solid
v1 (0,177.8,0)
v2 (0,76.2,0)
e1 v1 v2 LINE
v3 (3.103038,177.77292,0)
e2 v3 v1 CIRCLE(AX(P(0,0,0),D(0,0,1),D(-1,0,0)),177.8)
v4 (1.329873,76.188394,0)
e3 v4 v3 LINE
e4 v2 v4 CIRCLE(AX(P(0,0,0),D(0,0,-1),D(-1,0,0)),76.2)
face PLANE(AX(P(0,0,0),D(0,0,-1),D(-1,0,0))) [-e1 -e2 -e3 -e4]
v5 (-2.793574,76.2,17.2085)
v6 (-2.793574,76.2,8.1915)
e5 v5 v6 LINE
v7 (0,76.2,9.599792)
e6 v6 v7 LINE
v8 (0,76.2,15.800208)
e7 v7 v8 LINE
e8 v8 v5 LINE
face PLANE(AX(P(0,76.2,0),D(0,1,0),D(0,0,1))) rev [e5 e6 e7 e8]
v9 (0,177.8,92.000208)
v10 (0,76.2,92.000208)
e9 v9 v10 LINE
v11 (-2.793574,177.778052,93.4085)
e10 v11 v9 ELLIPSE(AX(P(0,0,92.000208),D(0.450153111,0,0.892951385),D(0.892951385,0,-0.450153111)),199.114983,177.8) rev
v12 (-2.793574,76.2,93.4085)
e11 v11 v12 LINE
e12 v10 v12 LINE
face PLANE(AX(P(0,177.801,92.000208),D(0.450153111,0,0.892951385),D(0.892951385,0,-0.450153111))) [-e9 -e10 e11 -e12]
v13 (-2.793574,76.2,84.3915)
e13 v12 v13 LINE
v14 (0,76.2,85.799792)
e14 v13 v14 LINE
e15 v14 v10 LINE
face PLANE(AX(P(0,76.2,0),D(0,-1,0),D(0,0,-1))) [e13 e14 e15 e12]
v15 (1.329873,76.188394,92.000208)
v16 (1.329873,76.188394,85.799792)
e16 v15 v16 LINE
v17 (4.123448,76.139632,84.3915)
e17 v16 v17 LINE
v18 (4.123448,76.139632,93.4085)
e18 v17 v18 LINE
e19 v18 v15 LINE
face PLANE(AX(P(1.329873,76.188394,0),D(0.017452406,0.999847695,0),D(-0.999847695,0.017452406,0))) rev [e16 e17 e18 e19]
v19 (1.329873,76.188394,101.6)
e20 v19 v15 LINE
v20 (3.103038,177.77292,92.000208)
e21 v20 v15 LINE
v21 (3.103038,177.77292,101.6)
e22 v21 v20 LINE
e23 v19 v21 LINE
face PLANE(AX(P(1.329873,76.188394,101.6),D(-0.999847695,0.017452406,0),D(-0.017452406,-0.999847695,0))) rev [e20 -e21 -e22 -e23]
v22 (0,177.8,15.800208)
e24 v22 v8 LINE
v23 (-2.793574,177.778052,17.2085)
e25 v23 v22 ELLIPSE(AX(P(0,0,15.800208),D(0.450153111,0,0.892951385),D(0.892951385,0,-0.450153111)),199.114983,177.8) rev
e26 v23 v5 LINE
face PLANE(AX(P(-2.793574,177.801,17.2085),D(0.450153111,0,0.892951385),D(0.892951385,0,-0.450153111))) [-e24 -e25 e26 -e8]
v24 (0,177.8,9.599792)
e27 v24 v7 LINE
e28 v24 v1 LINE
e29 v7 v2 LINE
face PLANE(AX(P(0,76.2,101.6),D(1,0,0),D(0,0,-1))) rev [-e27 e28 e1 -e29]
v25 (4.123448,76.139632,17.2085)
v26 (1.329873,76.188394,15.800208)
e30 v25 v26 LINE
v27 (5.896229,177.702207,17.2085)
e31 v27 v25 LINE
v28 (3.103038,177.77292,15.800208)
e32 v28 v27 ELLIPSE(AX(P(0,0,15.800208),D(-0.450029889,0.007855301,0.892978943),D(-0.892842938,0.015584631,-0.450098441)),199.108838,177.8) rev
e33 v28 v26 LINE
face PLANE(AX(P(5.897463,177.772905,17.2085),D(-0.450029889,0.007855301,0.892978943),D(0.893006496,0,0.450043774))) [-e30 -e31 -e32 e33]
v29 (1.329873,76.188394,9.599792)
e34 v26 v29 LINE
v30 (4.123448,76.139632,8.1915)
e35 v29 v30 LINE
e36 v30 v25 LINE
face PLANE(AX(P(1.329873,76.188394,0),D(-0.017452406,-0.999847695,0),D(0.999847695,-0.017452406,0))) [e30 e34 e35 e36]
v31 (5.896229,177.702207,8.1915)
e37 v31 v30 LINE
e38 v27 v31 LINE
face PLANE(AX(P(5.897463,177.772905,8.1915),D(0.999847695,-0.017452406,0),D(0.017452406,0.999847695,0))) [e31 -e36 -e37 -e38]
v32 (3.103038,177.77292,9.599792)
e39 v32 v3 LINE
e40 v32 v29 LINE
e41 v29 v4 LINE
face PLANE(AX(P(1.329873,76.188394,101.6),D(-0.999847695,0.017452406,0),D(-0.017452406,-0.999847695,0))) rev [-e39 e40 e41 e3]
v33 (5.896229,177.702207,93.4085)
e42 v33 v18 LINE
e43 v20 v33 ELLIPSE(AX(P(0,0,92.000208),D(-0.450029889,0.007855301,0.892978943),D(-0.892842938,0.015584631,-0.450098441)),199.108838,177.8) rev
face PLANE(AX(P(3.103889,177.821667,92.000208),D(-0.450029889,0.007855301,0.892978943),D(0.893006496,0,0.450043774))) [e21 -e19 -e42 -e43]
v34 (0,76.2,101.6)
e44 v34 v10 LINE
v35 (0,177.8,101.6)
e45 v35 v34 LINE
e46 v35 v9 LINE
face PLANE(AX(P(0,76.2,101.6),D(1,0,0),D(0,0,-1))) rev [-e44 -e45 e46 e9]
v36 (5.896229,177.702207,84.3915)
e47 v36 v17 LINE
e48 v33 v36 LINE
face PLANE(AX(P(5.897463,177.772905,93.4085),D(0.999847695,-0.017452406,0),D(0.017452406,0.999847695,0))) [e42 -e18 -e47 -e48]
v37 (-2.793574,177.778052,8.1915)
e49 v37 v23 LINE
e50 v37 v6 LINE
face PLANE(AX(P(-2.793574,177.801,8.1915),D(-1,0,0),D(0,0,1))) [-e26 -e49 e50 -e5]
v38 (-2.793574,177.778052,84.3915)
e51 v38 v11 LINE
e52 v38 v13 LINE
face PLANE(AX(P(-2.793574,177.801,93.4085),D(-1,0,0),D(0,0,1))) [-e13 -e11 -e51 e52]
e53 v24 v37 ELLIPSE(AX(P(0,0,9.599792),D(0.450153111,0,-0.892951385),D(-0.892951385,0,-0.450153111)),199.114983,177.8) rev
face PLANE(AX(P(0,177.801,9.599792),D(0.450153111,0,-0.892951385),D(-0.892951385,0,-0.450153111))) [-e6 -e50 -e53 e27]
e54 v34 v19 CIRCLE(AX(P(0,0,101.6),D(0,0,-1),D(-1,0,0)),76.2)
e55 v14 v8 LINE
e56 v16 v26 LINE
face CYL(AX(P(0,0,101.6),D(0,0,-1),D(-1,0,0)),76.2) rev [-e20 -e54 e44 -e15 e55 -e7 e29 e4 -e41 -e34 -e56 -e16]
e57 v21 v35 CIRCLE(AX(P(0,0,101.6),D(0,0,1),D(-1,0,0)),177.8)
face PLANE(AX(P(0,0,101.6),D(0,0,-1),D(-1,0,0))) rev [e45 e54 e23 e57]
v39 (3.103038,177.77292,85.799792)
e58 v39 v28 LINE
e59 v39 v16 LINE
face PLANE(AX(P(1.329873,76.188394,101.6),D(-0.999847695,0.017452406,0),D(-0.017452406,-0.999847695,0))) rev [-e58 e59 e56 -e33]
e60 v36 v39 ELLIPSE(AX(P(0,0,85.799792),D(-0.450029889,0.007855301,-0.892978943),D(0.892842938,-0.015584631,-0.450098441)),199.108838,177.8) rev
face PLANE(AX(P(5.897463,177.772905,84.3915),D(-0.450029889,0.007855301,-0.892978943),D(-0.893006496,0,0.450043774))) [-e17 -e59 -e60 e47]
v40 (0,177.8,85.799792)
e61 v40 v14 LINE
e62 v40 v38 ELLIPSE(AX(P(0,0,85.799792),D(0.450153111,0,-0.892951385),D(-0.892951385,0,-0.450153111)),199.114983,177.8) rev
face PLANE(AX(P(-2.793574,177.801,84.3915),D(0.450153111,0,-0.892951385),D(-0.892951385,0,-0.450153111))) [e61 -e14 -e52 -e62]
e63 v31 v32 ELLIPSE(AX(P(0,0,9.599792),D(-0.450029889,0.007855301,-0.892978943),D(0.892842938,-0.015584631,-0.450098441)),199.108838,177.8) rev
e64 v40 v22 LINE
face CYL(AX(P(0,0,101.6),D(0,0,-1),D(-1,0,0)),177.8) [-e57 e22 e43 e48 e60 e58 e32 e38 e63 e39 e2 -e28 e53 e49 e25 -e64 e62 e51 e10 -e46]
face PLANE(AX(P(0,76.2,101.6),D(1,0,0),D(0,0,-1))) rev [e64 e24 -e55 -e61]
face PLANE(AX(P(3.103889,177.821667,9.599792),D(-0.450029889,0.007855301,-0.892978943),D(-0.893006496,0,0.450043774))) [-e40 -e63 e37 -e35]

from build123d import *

# Parameters (mm, degrees)
BOSS_EXTRUDE1_DEPTH      = 101.6
BOSS_EXTRUDE2_REACH      = 145.703
BOSS_EXTRUDE2_END_RADIUS = 177.8
BOSS_EXTRUDE3_REACH      = 145.805
BOSS_EXTRUDE3_END_RADIUS = 177.8


with BuildPart() as part:
    # Sketch1 → Boss-Extrude1 (new body)
    with BuildSketch(Plane.XY):
        with BuildLine():
            Line((0, 76.2), (0, 177.8))
            ThreePointArc((0, 177.8), (1.551578012, 177.793229921), (3.103037865, 177.772920199))
            Line((3.103037865, 177.772920199), (1.329873371, 76.188394371))
            ThreePointArc((1.329873371, 76.188394371), (0.664962005, 76.197098537), (0, 76.2))
        make_face()
    extrude(amount=BOSS_EXTRUDE1_DEPTH)

    # Boss-Extrude2: up to this cylinder (the profile starts inside it)
    boss_extrude2_end = Plane(origin=(0, 0, 50.8), z_dir=(0, 0, -1)) * Cylinder(BOSS_EXTRUDE2_END_RADIUS, 724.206, mode=Mode.PRIVATE)
    # Sketch2 → Boss-Extrude2 (add, up to the surface)
    with BuildSketch(Plane(origin=(1.329873371, 76.188394371, 0), x_dir=(0, 0, -1), z_dir=(-0.01745240643728355, -0.9998476951563914, 0)), mode=Mode.PRIVATE) as boss_extrude2_sk1:
        Polygon((-92.000208065, 0), (-93.4085, 2.794), (-84.3915, 2.794), (-85.799791935, 0), align=None)
    boss_extrude2_tool1 = extrude(boss_extrude2_sk1.sketch, amount=-BOSS_EXTRUDE2_REACH, mode=Mode.PRIVATE) & boss_extrude2_end
    add(boss_extrude2_tool1.solids().sort_by_distance((2.812837, 76.162509, 88.9))[0])
    # Sketch2 → Boss-Extrude2 (add, up to the surface)
    with BuildSketch(Plane(origin=(1.329873371, 76.188394371, 0), x_dir=(0, 0, -1), z_dir=(-0.01745240643728355, -0.9998476951563914, 0)), mode=Mode.PRIVATE) as boss_extrude2_sk2:
        Polygon((-15.800208065, 0), (-9.599791935, 0), (-8.1915, 2.794), (-17.2085, 2.794), align=None)
    boss_extrude2_tool2 = extrude(boss_extrude2_sk2.sketch, amount=-BOSS_EXTRUDE2_REACH, mode=Mode.PRIVATE) & boss_extrude2_end
    add(boss_extrude2_tool2.solids().sort_by_distance((2.812837, 76.162509, 12.7))[0])

    # Boss-Extrude3: up to this cylinder (the profile starts inside it)
    boss_extrude3_end = Plane(origin=(0, 0, 50.8), z_dir=(0, 0, -1)) * Cylinder(BOSS_EXTRUDE3_END_RADIUS, 724.41, mode=Mode.PRIVATE)
    # Sketch3 → Boss-Extrude3 (add, up to the surface)
    with BuildSketch(Plane(origin=(0, 76.2, 0), x_dir=(0, 0, -1), z_dir=(0, -1, 0)), mode=Mode.PRIVATE) as boss_extrude3_sk1:
        Polygon((-92.000208065, 0), (-93.4085, -2.79357446), (-84.3915, -2.79357446), (-85.799791935, 0), align=None)
    boss_extrude3_tool1 = extrude(boss_extrude3_sk1.sketch, amount=-BOSS_EXTRUDE3_REACH, mode=Mode.PRIVATE) & boss_extrude3_end
    add(boss_extrude3_tool1.solids().sort_by_distance((-1.482964, 76.2, 88.9))[0])
    # Sketch3 → Boss-Extrude3 (add, up to the surface)
    with BuildSketch(Plane(origin=(0, 76.2, 0), x_dir=(0, 0, -1), z_dir=(0, -1, 0)), mode=Mode.PRIVATE) as boss_extrude3_sk2:
        Polygon((-15.800208065, 0), (-9.599791935, 0), (-8.1915, -2.79357446), (-17.2085, -2.79357446), align=None)
    boss_extrude3_tool2 = extrude(boss_extrude3_sk2.sketch, amount=-BOSS_EXTRUDE3_REACH, mode=Mode.PRIVATE) & boss_extrude3_end
    add(boss_extrude3_tool2.solids().sort_by_distance((-1.482964, 76.2, 12.7))[0])


solid = part.part
